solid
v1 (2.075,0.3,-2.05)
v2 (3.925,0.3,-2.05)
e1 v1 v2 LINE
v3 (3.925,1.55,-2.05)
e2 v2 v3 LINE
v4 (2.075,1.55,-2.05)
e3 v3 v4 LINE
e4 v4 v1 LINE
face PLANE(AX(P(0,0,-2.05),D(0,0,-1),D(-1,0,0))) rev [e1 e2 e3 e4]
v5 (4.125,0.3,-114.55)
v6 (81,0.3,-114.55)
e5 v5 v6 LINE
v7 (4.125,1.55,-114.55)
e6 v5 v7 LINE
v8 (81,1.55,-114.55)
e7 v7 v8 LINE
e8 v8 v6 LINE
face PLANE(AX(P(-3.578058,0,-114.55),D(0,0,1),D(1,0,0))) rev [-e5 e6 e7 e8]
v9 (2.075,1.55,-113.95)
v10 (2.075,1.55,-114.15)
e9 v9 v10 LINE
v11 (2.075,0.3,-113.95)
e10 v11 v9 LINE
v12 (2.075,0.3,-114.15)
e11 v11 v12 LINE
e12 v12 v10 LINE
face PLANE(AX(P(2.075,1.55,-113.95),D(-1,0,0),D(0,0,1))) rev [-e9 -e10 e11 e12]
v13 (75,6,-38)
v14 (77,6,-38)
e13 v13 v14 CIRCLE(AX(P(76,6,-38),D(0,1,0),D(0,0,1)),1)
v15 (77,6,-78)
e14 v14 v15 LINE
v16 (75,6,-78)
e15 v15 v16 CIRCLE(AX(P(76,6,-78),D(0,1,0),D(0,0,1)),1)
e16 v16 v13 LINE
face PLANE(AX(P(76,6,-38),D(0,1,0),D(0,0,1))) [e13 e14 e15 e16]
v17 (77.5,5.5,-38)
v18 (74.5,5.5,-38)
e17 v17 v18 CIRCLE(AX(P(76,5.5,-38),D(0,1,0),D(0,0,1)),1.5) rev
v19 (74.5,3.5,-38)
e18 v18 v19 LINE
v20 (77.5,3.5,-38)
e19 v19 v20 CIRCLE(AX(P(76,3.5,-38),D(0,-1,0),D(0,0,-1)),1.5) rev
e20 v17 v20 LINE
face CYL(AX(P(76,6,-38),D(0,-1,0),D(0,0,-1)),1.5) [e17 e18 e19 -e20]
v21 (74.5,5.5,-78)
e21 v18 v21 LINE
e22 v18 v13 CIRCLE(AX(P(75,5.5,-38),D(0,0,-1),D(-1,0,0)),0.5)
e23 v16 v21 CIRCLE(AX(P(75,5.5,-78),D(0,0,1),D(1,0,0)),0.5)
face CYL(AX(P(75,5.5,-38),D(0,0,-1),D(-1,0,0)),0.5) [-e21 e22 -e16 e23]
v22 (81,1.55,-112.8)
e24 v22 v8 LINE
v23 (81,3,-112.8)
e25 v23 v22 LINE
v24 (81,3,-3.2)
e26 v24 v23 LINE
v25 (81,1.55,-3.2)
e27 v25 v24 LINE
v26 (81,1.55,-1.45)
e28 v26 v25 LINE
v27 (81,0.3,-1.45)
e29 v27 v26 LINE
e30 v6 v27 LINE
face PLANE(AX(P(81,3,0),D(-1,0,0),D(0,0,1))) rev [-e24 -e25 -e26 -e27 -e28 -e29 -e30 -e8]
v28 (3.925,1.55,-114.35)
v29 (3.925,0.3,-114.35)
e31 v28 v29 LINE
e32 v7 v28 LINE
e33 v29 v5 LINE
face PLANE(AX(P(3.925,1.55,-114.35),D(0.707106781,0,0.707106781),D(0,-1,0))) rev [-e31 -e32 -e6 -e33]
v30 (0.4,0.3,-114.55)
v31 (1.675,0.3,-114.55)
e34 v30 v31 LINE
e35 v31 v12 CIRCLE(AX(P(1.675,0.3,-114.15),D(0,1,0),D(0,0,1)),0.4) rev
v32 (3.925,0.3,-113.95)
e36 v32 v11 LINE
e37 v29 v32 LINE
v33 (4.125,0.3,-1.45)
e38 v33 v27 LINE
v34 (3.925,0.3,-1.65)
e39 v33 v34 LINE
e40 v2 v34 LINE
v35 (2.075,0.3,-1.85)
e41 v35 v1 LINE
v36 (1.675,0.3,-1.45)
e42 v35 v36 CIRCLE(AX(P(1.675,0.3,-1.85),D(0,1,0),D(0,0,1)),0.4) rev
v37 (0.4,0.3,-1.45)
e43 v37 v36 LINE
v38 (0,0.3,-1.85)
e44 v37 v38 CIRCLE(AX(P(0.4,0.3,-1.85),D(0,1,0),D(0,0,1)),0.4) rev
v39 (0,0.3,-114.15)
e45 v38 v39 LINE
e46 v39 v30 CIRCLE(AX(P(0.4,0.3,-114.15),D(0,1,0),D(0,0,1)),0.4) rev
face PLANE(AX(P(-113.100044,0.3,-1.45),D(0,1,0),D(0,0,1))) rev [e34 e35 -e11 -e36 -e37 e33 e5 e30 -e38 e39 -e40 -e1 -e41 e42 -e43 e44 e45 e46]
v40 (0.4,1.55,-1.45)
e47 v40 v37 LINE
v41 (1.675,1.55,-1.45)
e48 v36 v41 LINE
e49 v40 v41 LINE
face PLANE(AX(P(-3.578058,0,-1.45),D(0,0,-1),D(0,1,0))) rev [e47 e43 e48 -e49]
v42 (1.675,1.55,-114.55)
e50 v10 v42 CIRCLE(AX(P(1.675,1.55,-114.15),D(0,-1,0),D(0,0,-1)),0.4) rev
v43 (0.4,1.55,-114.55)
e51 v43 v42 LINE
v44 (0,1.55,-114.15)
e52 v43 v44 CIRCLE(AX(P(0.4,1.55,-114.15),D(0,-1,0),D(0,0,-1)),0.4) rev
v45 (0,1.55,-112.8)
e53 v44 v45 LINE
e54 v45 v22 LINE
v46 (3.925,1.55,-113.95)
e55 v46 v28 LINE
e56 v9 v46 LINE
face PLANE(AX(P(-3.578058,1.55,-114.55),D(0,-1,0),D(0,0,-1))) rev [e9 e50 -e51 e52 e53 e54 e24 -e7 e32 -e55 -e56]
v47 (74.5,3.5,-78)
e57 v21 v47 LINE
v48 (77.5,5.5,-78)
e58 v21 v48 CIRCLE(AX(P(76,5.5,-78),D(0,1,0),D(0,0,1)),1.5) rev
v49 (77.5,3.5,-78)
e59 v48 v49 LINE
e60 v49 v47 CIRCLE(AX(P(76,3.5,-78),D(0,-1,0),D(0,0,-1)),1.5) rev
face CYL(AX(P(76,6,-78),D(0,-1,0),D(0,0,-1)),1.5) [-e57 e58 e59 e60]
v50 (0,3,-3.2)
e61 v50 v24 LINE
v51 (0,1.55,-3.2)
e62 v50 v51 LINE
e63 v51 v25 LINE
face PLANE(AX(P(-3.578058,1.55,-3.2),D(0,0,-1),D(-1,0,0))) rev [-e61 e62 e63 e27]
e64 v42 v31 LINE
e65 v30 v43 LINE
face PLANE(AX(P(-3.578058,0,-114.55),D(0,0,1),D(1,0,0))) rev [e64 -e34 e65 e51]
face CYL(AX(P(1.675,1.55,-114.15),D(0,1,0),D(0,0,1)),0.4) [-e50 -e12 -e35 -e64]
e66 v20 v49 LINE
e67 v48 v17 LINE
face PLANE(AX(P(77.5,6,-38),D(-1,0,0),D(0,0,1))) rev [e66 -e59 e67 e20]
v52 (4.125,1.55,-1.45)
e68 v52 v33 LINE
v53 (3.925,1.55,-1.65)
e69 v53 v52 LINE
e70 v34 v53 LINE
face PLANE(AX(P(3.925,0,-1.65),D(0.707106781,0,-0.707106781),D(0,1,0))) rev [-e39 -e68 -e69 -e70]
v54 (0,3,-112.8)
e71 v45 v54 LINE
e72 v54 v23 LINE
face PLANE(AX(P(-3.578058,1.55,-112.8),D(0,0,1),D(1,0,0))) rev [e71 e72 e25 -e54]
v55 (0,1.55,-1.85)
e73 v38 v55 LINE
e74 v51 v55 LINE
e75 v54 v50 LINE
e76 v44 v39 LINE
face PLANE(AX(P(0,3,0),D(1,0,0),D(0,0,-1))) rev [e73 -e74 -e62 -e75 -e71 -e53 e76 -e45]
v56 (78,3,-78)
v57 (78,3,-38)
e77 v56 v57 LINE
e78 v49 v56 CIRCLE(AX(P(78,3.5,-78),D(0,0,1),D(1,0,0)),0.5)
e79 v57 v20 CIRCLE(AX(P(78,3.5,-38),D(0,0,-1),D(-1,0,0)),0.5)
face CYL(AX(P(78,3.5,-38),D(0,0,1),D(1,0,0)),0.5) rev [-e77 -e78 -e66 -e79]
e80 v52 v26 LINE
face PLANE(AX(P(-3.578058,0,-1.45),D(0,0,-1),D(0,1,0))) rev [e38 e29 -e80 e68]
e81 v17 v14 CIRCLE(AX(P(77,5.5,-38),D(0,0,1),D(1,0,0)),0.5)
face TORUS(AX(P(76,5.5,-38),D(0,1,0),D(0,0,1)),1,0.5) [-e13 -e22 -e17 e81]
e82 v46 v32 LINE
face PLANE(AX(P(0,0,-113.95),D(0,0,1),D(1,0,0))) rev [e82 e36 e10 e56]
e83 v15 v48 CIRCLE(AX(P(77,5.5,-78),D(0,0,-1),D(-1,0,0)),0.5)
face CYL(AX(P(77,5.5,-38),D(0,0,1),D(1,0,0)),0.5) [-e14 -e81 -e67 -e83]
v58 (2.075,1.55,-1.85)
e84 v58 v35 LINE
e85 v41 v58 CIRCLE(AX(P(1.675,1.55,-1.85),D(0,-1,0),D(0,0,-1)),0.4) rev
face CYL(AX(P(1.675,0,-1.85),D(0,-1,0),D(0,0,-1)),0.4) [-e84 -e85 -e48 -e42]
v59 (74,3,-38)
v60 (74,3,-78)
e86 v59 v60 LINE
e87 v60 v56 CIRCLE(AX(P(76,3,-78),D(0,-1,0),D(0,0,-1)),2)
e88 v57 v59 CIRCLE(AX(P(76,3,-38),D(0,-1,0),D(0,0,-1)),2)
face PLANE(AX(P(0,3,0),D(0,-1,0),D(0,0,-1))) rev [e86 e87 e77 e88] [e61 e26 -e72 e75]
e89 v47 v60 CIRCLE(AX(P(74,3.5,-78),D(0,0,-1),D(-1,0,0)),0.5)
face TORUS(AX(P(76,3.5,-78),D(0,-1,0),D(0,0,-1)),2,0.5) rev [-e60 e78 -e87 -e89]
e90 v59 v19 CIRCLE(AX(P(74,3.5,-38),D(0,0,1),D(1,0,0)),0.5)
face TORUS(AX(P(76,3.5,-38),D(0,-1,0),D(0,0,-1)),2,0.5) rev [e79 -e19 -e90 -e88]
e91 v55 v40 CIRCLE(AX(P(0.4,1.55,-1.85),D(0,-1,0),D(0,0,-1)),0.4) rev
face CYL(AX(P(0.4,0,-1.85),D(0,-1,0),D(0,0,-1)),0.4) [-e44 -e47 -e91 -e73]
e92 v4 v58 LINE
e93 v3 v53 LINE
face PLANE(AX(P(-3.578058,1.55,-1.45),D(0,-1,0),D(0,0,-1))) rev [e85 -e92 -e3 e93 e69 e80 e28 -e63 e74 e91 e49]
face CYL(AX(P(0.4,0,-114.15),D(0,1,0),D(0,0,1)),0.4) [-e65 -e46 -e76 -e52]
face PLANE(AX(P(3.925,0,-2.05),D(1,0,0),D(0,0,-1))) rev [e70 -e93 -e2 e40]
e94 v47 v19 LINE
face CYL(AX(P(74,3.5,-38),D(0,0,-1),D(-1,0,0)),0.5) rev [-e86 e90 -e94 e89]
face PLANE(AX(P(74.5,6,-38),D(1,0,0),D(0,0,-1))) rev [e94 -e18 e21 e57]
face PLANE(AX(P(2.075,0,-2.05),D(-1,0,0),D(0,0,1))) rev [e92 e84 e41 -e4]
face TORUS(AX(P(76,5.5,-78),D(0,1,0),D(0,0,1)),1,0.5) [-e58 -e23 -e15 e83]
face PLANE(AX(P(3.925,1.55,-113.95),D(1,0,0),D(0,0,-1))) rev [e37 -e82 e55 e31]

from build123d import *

# Parameters (mm, degrees)
SKETCH1_W           = 81
SKETCH1_H           = 116
BOSS_EXTRUDE1_DEPTH = 3
CUT_EXTRUDE2_DEPTH  = 81
CUT_EXTRUDE3_DEPTH  = 81
SKETCH6_W           = 1.85
SKETCH6_H           = 1.55
CUT_EXTRUDE5_DEPTH  = 0.6
FILLET6_R           = 0.4
CHAMFER2_SIZE       = 0.2
SKETCH7_W           = 1.85
SKETCH7_H           = 1.55
CUT_EXTRUDE6_DEPTH  = 0.6
FILLET7_R           = 0.4
CHAMFER3_SIZE       = 0.2
SKETCH10_W          = 81
SKETCH10_H          = 113.1
CUT_EXTRUDE7_DEPTH  = 0.2
FILLET8_R           = 0.4
BOSS_EXTRUDE2_DEPTH = 3
FILLET10_R          = 0.5
CUT_EXTRUDE8_REACH  = 142.423
SKETCH11_W          = 113.1
SKETCH11_H          = 0.1


with BuildPart() as part:
    # Sketch1 → Boss-Extrude1 (new body)
    with BuildSketch(Plane(origin=(0, 0, 0), x_dir=(1, 0, 0), z_dir=(0, 1, 0))):
        with Locations((40.5, 58)):
            Rectangle(SKETCH1_W, SKETCH1_H)
    extrude(amount=BOSS_EXTRUDE1_DEPTH)

    # Sketch2 → Cut-Extrude2 (cut)
    with BuildSketch(Plane(origin=(81, 0, 0), x_dir=(0, 0, -1), z_dir=(1, 0, 0))):
        Polygon((0, 3), (3, 3), (3, 1.75), (1.25, 1.75), (1.25, 0), (0, 0), align=None)
        Polygon((114.75, 0), (116, 0), (116, 3), (113, 3), (113, 1.75), (114.75, 1.75), align=None)
    extrude(amount=-CUT_EXTRUDE2_DEPTH, mode=Mode.SUBTRACT)

    # Sketch4 → Cut-Extrude3 (cut)
    with BuildSketch(Plane(origin=(81, 0, 0), x_dir=(0, 0, -1), z_dir=(1, 0, 0))):
        Polygon((3.2, 3), (3, 3), (3, 1.75), (1.25, 1.75), (1.25, 0), (1.45, 0), (1.45, 1.55), (3.2, 1.55), align=None)
        Polygon((114.75, 0), (114.55, 0), (114.55, 1.55), (112.8, 1.55), (112.8, 3), (113, 3), (113, 1.75), (114.75, 1.75), align=None)
    extrude(amount=-CUT_EXTRUDE3_DEPTH, mode=Mode.SUBTRACT)

    # Sketch6 → Cut-Extrude5 (cut)
    with BuildSketch(Plane.XY.offset(-1.45)):
        with Locations((3, 0.775)):
            Rectangle(SKETCH6_W, SKETCH6_H)
    extrude(amount=-CUT_EXTRUDE5_DEPTH, mode=Mode.SUBTRACT)

    # Fillet6
    fillet6_edges = [part.edges().sort_by_distance(p)[0] for p in [
        (2.075, 0.775, -1.45),
    ]]
    fillet(fillet6_edges, radius=FILLET6_R)

    # Chamfer2
    chamfer2_edges = [part.edges().sort_by_distance(p)[0] for p in [
        (3.925, 0.775, -1.45),
    ]]
    chamfer(chamfer2_edges, length=CHAMFER2_SIZE)

    # Sketch7 → Cut-Extrude6 (cut)
    with BuildSketch(Plane(origin=(0, 0, -114.55), x_dir=(-1, 0, 0), z_dir=(0, 0, -1))):
        with Locations((-3, 0.775)):
            Rectangle(SKETCH7_W, SKETCH7_H)
    extrude(amount=-CUT_EXTRUDE6_DEPTH, mode=Mode.SUBTRACT)

    # Fillet7
    fillet7_edges = [part.edges().sort_by_distance(p)[0] for p in [
        (2.075, 0.775, -114.55),
    ]]
    fillet(fillet7_edges, radius=FILLET7_R)

    # Chamfer3
    chamfer3_edges = [part.edges().sort_by_distance(p)[0] for p in [
        (3.925, 0.775, -114.55),
    ]]
    chamfer(chamfer3_edges, length=CHAMFER3_SIZE)

    # Sketch10 → Cut-Extrude7 (cut)
    with BuildSketch(Plane(origin=(0, 0, 0), x_dir=(-1, 0, 0), z_dir=(0, -1, 0))):
        with Locations((-40.5, 58)):
            Rectangle(SKETCH10_W, SKETCH10_H)
    extrude(amount=-CUT_EXTRUDE7_DEPTH, mode=Mode.SUBTRACT)

    # Fillet8
    fillet8_edges = [part.edges().sort_by_distance(p)[0] for p in [
        (0, 0.875, -114.55),
        (0, 0.875, -1.45),
    ]]
    fillet(fillet8_edges, radius=FILLET8_R)

    # Sketch9 → Boss-Extrude2 (add)
    with BuildSketch(Plane(origin=(0, 3, 0), x_dir=(1, 0, 0), z_dir=(0, 1, 0))):
        with BuildLine():
            Line((74.5, 38), (74.5, 78))
            ThreePointArc((74.5, 78), (76, 79.5), (77.5, 78))
            Line((77.5, 78), (77.5, 38))
            ThreePointArc((77.5, 38), (76, 36.5), (74.5, 38))
        make_face()
    extrude(amount=BOSS_EXTRUDE2_DEPTH)

    # Fillet10
    fillet10_edges = [part.edges().sort_by_distance(p)[0] for p in [
        (76, 3, -36.5),
        (77.5, 3, -58),
        (76, 3, -79.5),
        (74.5, 3, -58),
        (76, 6, -36.5),
        (77.5, 6, -58),
        (76, 6, -79.5),
        (74.5, 6, -58),
    ]]
    fillet(fillet10_edges, radius=FILLET10_R)

    # Cut-Extrude8: up to this face of the body (flat: up to its plane)
    cut_extrude8_end = Plane(part.part.faces().sort_by_distance((0, 1.591489816, -58))[0])
    # Sketch11 → Cut-Extrude8 (cut, up to the picked face)
    with BuildSketch(Plane(origin=(81, 0, 0), x_dir=(0, 0, -1), z_dir=(1, 0, 0)), mode=Mode.PRIVATE) as cut_extrude8_sk1:
        with Locations((58, 0.25)):
            Rectangle(SKETCH11_W, SKETCH11_H)
    cut_extrude8_tool1 = split(extrude(cut_extrude8_sk1.sketch, amount=-CUT_EXTRUDE8_REACH, mode=Mode.PRIVATE), bisect_by=cut_extrude8_end, keep=Keep.BOTH, mode=Mode.PRIVATE)
    add(cut_extrude8_tool1.solids().sort_by(Axis((81, 0.25, -58), (-1, 0, 0)))[0], mode=Mode.SUBTRACT)


solid = part.part
